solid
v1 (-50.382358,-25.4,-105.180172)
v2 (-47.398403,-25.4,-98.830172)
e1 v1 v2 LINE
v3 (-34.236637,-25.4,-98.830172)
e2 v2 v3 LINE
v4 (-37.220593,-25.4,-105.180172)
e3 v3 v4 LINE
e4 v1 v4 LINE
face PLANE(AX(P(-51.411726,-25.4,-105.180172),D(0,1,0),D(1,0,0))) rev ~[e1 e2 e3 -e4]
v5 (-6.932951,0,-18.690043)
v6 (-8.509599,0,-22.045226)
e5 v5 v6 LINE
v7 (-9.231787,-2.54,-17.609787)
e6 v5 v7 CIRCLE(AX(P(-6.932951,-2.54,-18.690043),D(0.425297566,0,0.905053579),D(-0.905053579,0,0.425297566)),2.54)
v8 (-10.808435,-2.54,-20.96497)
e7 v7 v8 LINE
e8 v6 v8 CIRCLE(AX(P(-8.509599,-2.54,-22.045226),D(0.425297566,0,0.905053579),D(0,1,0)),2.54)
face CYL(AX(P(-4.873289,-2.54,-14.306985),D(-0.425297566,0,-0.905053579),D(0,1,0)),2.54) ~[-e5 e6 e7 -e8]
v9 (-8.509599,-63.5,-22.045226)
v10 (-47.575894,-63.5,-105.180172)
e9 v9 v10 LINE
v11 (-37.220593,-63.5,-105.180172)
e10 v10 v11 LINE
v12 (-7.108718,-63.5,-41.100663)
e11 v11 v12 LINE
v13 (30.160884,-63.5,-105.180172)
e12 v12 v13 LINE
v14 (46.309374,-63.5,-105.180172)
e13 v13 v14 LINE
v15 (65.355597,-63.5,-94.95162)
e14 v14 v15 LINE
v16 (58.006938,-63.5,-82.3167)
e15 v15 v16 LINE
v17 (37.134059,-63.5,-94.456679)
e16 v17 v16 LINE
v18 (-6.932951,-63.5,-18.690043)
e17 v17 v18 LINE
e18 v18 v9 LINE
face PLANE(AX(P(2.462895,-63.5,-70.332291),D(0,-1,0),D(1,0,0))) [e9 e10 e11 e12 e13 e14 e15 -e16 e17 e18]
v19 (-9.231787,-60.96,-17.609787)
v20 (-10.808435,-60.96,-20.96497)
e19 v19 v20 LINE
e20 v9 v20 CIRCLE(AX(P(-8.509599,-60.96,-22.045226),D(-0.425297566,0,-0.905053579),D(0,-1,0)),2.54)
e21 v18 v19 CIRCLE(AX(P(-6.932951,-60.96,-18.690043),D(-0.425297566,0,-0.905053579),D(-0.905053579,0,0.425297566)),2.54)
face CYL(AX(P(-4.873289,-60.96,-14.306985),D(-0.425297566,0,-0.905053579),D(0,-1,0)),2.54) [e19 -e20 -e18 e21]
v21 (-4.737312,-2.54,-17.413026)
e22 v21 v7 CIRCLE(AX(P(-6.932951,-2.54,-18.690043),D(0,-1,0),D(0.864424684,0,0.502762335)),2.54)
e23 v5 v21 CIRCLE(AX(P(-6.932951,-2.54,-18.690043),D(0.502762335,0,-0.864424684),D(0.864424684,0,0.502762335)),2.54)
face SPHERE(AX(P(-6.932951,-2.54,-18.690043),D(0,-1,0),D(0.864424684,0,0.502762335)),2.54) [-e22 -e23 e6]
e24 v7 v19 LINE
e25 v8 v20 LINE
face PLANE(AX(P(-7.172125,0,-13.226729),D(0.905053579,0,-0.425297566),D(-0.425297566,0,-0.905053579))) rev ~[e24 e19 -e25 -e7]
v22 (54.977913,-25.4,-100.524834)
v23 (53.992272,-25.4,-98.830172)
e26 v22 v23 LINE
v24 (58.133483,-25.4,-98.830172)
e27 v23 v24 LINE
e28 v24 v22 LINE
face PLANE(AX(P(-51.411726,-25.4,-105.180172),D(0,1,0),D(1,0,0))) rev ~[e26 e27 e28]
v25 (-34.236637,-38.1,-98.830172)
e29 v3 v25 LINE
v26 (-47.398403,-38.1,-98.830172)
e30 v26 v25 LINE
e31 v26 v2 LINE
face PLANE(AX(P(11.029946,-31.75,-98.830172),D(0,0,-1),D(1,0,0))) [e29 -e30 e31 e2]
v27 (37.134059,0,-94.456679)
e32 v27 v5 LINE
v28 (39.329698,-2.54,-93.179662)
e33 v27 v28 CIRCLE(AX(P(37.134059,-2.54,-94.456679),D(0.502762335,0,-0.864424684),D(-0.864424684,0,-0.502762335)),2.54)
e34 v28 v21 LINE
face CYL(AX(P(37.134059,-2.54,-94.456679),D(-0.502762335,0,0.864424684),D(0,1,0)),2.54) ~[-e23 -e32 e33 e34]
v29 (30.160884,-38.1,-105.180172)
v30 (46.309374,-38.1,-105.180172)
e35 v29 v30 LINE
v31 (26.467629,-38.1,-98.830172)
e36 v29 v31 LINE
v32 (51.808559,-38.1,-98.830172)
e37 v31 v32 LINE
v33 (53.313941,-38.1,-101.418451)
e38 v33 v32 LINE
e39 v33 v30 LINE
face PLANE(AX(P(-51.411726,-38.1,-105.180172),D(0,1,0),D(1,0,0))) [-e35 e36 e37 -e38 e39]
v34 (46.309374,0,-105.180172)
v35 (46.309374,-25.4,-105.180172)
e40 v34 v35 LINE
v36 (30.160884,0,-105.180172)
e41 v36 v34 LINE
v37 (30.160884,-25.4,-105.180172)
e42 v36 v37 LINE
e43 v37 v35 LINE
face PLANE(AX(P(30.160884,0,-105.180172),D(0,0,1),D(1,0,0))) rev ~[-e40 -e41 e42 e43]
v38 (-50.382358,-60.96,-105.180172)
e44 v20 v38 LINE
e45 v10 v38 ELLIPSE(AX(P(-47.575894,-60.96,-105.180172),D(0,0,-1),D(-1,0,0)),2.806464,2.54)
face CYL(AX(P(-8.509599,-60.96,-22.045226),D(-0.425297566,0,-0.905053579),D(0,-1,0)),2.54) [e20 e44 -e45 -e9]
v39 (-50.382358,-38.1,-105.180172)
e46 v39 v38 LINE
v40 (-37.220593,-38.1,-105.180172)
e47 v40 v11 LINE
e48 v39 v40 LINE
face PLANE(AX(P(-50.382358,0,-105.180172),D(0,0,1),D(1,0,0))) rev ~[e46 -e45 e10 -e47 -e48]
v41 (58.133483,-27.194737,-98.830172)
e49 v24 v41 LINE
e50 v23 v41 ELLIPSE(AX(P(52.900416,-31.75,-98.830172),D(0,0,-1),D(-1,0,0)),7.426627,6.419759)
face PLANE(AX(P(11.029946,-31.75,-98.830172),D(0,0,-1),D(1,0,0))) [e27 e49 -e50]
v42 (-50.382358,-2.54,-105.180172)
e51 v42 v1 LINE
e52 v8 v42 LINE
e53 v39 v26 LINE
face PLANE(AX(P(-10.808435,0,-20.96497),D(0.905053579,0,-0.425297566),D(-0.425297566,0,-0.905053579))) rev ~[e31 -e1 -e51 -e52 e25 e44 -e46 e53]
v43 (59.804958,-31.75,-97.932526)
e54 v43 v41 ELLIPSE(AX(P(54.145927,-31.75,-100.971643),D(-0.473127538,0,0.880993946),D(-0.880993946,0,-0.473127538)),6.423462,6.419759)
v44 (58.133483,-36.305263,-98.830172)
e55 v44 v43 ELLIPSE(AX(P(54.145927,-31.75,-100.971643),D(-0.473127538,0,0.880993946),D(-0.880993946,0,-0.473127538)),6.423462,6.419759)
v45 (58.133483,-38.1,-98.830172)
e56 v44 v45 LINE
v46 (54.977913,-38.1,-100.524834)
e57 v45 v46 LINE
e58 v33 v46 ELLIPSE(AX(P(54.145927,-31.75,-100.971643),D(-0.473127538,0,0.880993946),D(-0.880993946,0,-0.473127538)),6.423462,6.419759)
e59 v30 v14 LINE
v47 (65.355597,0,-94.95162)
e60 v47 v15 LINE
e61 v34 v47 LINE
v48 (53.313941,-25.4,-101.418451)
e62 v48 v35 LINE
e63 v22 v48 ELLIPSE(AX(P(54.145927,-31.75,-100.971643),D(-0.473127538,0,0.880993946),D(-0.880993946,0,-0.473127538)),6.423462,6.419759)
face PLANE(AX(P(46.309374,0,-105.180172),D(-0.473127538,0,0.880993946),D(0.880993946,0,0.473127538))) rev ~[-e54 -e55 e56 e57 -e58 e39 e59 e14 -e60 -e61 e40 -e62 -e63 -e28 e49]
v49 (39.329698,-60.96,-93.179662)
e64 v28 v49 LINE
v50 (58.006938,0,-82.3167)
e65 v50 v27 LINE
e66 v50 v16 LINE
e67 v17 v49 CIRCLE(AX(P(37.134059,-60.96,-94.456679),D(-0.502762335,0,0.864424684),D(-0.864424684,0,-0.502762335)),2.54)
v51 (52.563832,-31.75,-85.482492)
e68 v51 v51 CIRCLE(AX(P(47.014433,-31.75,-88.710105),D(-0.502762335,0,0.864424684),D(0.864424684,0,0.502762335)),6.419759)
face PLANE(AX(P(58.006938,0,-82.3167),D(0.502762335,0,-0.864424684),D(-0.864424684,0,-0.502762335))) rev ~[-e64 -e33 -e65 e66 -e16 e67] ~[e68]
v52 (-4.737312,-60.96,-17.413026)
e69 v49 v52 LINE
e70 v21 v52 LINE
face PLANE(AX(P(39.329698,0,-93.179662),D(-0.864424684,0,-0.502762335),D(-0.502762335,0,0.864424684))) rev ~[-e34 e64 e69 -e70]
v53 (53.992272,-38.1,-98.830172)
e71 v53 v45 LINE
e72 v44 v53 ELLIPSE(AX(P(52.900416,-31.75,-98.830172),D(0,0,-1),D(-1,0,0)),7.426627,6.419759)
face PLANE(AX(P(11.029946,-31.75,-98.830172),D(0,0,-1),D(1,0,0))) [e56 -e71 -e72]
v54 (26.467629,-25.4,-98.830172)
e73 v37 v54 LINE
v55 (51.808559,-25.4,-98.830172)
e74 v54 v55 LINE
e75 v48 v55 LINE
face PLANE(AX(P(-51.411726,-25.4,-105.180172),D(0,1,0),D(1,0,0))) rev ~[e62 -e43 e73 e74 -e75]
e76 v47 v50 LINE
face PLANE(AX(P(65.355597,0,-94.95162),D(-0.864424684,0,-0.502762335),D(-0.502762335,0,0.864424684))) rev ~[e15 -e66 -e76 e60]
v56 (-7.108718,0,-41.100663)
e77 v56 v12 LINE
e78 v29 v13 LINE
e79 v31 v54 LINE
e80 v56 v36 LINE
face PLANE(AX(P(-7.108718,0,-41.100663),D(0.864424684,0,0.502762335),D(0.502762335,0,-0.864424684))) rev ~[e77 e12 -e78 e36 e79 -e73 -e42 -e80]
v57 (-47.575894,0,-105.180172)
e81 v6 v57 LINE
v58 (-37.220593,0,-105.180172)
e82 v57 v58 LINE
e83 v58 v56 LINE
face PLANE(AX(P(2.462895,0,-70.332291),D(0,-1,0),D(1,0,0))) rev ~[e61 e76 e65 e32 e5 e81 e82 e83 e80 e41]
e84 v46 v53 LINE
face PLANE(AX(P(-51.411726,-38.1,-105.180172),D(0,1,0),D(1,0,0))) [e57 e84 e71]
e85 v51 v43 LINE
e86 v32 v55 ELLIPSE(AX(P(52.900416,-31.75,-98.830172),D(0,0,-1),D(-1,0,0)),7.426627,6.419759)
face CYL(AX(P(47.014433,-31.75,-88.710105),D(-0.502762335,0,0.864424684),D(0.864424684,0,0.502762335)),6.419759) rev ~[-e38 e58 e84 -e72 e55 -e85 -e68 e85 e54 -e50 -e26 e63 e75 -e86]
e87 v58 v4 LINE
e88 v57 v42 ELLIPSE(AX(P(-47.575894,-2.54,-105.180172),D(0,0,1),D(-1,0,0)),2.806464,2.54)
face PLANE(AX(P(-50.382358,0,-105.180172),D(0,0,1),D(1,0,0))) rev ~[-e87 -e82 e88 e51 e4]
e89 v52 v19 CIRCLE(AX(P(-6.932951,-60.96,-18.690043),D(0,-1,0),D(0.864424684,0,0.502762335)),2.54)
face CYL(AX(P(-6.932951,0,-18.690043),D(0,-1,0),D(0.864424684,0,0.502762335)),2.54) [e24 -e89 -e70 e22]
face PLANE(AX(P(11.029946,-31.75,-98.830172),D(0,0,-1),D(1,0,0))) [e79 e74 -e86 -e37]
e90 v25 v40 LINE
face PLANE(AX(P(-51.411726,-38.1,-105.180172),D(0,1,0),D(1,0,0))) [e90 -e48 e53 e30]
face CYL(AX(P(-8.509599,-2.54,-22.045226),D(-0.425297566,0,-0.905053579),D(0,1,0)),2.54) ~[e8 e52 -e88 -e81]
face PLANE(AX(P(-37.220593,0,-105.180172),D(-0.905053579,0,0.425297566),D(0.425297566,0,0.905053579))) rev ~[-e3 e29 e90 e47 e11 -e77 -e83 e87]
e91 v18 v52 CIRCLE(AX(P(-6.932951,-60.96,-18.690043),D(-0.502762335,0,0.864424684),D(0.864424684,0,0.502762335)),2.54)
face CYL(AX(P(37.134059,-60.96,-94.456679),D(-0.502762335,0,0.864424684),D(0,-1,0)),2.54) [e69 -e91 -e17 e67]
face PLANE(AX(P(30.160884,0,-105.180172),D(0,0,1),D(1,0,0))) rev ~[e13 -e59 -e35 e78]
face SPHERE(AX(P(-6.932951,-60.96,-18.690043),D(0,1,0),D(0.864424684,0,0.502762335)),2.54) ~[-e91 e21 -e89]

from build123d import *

# Parameters (mm, degrees)
F1_DEPTH = 63.5
F2_R     = 6.4197594032
F3_DEPTH = 23.4593788755
F4_W     = 124.8833438046
F4_H     = 12.7
F5_DEPTH = 6.35
F6_R     = 2.54


with BuildPart() as f1:
    # F0 (on Front) → F1 (new body)
    with BuildSketch(Plane.XZ):
        Polygon((58.006938024, -82.3166997439), (39.3296977039, -93.179662284), (-7.1721252495, -13.2267286881), (-10.8084349941, -20.9649698821), (-50.382357985, -105.180172272), (-37.2205925623, -105.180172272), (-7.1087183348, -41.1006625658), (30.1608836833, -105.180172272), (46.3093739423, -105.180172272), (65.3555968279, -94.9516200987), align=None)
    extrude(amount=F1_DEPTH)

    # F2 (on face) → F3 (cut, through all)
    with BuildSketch(Plane(origin=(50.4372636726, 0, -86.7193356531), x_dir=(0.8644246839, 0, 0.5027623353), z_dir=(-0.5027623353, 0, 0.8644246839))):
        with Locations((-3.9596631056, -31.75)):
            Circle(F2_R)
    extrude(amount=-F3_DEPTH, mode=Mode.SUBTRACT)

    # F4 (on face) → F5 (cut)
    with BuildSketch(Plane(origin=(0, 0, -105.180172272), x_dir=(1, 0, 0), z_dir=(0, 0, -1))):
        with Locations((11.0299456865, 31.75)):
            Rectangle(F4_W, F4_H)
    extrude(amount=-F5_DEPTH, mode=Mode.SUBTRACT)

    # F6
    f6_edges = [f1.edges().sort_by_distance(p)[0] for p in [
        (-7.172125, -31.75, -13.226729),
        (16.078786, -63.5, -53.203195),
        (16.078786, 0, -53.203195),
        (-28.777242, -63.5, -59.20345),
        (-28.777242, 0, -59.20345),
    ]]
    fillet(f6_edges, radius=F6_R)


solid = f1.part
